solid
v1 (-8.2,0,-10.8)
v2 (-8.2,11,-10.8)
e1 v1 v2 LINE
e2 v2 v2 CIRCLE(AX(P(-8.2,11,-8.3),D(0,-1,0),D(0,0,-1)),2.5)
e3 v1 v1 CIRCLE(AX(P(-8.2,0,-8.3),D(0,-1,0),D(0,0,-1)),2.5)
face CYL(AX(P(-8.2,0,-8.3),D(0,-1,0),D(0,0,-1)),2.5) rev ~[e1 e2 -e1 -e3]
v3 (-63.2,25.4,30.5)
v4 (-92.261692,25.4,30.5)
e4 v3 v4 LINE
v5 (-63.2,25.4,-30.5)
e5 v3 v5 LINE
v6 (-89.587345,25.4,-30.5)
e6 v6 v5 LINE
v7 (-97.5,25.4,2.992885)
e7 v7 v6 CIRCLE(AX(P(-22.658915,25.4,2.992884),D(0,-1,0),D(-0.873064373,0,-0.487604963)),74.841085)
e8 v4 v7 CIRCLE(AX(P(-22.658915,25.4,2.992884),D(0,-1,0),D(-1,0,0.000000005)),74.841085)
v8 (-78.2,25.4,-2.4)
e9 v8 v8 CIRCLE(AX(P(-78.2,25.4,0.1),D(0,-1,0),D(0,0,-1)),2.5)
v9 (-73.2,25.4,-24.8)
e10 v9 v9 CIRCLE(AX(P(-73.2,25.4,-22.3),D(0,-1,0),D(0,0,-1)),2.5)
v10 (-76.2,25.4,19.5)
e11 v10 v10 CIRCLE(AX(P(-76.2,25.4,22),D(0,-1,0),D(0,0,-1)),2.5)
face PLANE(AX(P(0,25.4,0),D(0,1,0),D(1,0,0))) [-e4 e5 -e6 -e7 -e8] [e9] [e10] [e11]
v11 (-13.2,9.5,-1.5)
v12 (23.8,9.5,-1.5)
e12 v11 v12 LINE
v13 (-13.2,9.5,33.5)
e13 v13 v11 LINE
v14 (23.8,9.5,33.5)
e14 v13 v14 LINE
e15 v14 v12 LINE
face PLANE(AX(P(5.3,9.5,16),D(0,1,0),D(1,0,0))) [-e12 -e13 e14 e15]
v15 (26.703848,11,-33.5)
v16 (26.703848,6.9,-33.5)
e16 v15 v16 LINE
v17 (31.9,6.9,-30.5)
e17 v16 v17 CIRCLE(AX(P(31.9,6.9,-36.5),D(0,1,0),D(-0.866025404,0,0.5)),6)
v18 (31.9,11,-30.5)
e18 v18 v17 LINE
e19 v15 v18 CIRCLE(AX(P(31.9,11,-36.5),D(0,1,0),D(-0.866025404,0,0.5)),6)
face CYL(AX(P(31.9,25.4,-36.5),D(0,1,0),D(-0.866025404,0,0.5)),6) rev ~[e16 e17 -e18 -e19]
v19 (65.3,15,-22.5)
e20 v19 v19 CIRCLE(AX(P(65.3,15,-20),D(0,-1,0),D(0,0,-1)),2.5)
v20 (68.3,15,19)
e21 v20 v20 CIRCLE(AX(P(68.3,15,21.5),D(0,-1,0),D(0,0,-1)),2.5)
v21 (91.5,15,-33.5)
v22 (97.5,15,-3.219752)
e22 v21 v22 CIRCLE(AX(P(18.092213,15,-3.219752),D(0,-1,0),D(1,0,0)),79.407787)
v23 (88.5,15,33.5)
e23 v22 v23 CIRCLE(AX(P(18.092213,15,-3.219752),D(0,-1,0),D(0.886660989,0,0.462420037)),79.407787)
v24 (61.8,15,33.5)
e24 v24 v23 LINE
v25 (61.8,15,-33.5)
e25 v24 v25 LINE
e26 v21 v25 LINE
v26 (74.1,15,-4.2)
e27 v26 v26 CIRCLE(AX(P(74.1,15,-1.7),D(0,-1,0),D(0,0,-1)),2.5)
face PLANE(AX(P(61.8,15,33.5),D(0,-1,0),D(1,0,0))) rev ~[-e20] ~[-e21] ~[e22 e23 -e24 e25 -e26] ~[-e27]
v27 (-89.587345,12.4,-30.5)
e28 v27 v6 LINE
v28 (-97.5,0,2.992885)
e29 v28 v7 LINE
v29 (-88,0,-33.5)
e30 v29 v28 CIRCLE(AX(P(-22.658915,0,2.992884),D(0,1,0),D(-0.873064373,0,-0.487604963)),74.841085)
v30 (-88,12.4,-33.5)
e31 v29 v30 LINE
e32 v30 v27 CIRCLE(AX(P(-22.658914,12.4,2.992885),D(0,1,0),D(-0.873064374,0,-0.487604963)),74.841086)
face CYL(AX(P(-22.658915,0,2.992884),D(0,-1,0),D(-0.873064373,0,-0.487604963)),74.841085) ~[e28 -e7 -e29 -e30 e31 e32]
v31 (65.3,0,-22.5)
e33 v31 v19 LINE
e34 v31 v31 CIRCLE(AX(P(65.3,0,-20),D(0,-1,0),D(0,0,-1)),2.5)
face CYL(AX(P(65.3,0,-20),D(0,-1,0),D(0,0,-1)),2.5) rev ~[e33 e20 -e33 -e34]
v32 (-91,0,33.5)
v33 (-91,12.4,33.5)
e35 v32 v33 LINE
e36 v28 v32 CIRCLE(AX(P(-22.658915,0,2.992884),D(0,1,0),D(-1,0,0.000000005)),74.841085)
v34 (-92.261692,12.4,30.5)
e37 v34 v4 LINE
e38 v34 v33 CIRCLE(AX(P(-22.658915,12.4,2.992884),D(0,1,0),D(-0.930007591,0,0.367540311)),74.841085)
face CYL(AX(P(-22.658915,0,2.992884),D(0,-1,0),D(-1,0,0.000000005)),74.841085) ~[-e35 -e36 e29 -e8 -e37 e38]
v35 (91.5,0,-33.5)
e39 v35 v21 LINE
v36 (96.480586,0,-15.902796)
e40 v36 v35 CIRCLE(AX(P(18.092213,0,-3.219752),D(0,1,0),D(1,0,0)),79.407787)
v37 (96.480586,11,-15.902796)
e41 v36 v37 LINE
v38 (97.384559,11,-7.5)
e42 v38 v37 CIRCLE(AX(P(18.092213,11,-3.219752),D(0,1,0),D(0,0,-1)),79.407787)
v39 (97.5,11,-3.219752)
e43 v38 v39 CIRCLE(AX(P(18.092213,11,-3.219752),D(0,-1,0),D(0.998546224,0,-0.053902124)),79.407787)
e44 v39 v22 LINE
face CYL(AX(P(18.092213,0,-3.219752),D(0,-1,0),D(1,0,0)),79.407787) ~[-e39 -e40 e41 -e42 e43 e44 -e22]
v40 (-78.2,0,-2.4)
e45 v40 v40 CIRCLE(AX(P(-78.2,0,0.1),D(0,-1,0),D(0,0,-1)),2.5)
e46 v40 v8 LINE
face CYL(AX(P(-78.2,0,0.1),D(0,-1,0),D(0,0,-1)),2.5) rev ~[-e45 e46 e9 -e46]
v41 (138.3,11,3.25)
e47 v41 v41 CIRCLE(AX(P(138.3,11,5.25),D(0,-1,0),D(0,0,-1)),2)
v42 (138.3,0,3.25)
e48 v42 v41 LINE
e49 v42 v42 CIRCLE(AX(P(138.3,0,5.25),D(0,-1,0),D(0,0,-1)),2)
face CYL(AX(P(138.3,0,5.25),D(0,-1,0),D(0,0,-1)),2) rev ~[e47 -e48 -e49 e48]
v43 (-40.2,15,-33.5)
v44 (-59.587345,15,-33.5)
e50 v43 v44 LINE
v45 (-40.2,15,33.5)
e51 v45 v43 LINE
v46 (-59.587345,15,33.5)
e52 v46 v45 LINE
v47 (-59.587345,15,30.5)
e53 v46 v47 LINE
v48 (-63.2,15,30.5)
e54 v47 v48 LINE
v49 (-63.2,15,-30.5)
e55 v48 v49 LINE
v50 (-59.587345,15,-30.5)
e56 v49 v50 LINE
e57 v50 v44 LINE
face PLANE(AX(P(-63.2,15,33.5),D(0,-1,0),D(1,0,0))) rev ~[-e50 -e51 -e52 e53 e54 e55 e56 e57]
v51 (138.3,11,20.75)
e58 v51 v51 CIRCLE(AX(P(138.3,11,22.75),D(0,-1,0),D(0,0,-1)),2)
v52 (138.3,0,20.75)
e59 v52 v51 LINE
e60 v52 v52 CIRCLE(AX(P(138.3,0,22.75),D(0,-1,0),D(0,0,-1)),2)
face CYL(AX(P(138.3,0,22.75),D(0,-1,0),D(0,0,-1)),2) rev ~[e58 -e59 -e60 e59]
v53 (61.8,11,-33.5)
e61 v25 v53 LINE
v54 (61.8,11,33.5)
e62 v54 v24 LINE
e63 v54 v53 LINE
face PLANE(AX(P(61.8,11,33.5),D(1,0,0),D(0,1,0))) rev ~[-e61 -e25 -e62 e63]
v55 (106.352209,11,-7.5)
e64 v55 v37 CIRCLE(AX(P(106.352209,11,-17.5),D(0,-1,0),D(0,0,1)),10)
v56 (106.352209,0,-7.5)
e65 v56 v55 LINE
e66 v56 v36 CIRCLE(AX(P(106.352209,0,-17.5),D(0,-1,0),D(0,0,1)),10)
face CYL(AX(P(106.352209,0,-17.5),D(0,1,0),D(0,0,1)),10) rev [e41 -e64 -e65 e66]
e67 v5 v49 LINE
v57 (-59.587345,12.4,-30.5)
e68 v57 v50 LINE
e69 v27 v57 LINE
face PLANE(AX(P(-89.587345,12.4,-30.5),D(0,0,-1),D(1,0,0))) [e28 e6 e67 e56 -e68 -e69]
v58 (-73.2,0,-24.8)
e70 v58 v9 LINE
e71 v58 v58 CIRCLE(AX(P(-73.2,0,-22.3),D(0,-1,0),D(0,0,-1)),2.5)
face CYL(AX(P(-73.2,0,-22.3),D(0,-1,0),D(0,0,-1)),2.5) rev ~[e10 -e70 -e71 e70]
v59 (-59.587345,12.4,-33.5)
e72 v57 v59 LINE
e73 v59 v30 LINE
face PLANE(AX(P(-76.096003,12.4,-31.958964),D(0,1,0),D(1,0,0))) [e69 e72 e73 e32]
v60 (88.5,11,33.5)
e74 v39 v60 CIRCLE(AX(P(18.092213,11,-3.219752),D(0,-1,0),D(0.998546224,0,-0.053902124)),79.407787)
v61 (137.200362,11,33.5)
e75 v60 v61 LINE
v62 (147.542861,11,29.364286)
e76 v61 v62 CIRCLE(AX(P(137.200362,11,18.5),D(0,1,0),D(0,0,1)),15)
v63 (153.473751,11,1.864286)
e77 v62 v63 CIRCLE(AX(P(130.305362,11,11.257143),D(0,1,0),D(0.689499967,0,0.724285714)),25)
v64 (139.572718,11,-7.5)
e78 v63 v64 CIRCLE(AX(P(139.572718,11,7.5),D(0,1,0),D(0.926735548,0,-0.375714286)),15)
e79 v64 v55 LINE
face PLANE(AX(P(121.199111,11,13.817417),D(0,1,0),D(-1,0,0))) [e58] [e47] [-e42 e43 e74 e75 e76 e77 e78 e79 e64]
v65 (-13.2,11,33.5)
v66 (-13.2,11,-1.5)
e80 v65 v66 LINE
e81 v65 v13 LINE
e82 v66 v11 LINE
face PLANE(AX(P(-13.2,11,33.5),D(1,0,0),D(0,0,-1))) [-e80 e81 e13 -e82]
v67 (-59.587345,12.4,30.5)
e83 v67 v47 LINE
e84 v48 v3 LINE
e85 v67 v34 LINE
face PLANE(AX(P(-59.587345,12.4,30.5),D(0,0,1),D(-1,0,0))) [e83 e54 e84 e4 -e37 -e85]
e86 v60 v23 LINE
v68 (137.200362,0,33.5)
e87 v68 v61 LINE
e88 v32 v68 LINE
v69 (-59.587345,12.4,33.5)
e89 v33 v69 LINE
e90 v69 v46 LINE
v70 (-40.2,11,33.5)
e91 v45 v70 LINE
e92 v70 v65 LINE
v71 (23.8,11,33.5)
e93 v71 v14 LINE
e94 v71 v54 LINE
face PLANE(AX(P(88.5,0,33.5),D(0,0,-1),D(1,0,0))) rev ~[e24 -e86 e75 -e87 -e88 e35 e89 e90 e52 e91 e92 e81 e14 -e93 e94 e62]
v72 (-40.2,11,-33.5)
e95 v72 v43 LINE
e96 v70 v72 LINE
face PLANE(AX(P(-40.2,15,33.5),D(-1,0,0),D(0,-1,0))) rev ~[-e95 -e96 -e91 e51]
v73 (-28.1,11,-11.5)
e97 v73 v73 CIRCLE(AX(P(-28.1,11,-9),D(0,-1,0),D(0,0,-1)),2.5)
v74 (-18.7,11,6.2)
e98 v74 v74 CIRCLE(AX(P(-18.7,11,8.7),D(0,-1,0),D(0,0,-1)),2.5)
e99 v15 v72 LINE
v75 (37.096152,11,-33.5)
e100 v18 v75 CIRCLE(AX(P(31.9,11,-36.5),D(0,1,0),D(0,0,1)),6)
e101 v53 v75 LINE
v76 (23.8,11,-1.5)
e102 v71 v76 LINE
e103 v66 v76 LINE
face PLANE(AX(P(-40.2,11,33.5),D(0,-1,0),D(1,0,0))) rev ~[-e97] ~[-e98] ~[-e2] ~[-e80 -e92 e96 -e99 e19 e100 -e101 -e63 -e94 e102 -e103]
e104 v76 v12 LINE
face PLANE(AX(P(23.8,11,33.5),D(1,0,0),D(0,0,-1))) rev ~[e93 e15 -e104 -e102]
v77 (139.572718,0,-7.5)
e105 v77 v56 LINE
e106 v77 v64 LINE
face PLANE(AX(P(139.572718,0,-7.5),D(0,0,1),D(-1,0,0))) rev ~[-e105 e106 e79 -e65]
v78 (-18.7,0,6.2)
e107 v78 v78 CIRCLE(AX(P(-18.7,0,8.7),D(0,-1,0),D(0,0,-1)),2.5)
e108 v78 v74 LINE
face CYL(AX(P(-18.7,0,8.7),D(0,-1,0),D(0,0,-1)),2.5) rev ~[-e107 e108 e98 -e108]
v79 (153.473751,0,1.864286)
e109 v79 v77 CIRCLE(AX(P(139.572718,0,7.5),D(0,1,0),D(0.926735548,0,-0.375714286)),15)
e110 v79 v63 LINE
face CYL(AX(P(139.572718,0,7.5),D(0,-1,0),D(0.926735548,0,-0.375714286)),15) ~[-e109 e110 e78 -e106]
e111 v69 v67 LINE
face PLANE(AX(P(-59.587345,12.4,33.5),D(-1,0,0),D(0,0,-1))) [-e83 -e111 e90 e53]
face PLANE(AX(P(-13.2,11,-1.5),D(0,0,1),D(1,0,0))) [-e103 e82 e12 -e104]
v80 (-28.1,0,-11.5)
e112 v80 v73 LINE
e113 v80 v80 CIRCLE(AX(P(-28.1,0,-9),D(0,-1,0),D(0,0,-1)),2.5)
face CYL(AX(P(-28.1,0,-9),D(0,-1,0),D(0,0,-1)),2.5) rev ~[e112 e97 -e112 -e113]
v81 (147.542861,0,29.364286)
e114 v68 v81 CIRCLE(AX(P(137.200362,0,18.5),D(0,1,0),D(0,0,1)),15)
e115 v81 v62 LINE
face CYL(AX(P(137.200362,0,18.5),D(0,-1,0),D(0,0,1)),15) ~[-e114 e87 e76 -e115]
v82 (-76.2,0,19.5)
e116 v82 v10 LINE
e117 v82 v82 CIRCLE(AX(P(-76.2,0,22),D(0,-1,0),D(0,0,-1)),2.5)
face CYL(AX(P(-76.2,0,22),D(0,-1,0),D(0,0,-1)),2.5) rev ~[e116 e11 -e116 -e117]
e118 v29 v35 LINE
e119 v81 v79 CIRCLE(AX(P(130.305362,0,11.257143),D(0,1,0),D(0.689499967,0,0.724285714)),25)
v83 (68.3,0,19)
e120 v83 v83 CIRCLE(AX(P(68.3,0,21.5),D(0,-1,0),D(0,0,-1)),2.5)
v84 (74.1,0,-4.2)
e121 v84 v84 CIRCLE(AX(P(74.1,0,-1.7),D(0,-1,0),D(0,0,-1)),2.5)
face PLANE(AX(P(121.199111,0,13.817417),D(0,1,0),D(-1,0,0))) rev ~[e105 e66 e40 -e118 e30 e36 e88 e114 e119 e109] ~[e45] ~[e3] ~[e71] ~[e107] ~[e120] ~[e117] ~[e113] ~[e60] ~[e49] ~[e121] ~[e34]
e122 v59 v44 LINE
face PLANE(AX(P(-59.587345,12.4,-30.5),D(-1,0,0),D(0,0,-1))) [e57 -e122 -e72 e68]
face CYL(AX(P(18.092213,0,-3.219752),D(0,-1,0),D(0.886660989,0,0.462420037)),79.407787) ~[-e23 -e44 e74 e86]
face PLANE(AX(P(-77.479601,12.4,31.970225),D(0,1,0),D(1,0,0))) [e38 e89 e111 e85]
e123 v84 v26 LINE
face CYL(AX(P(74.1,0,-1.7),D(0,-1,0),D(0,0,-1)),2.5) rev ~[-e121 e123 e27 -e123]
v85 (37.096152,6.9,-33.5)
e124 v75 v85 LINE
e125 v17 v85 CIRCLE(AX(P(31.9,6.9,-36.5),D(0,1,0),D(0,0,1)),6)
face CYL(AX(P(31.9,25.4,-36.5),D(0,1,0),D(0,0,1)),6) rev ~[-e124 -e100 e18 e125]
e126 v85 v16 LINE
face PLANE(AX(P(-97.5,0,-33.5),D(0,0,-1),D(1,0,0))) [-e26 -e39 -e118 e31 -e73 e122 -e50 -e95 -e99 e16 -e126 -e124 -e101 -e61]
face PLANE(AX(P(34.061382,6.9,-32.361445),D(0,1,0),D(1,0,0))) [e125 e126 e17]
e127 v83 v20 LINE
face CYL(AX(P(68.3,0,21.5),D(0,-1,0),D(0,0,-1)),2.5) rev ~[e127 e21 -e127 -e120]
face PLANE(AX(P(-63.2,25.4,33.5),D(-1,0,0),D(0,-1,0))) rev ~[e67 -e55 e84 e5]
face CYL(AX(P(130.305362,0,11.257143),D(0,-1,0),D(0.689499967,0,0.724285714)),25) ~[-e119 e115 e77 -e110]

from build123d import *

# Parameters (mm, degrees)
SKETCH1_W           = 195
SKETCH1_H           = 67
BOSS_EXTRUDE1_DEPTH = 25.4
CUT_EXTRUDE1_DEPTH  = 107.177492907
CUT_EXTRUDE2_DEPTH  = 121.997561959
CUT_EXTRUDE3_START  = -13
SKETCH4_W           = 3.612655346
SKETCH4_H           = 3
CUT_EXTRUDE3_DEPTH  = 13
SKETCH6_R           = 2.5
CUT_EXTRUDE4_DEPTH  = 107.177492907
SKETCH7_W           = 37
SKETCH7_H           = 35
CUT_EXTRUDE5_DEPTH  = 1.5
CUT_EXTRUDE6_DEPTH  = 18.5
SKETCH9_R           = 2
BOSS_EXTRUDE2_DEPTH = 11
FILLET1_R           = 10


with BuildPart() as part:
    # Sketch1 → Boss-Extrude1 (new body)
    with BuildSketch(Plane(origin=(0, 0, 0), x_dir=(1, 0, 0), z_dir=(0, 1, 0))):
        Rectangle(SKETCH1_W, SKETCH1_H)
    extrude(amount=BOSS_EXTRUDE1_DEPTH)

    # Sketch2 → Cut-Extrude1 (cut, through all)
    with BuildSketch(Plane.XZ):
        with BuildLine():
            Line((97.5, -3.219751644), (97.5, 33.5))
            Line((97.5, 33.5), (88.5, 33.5))
            ThreePointArc((88.5, 33.5), (95.217186872, 15.683556008), (97.5, -3.219751644))
        make_face()
        with BuildLine():
            Line((97.5, -33.5), (97.5, -3.219751644))
            ThreePointArc((97.5, -3.219751644), (95.985558513, -18.65423771), (91.5, -33.5))
            Line((91.5, -33.5), (97.5, -33.5))
        make_face()
        with BuildLine():
            ThreePointArc((-88, -33.5), (-95.08607052, -15.861694529), (-97.5, 2.992884749))
            Line((-97.5, 2.992884749), (-97.5, -33.5))
            Line((-97.5, -33.5), (-88, -33.5))
        make_face()
        with BuildLine():
            ThreePointArc((-97.5, 2.992884749), (-95.856964648, 18.588830376), (-91, 33.5))
            Line((-91, 33.5), (-97.5, 33.5))
            Line((-97.5, 33.5), (-97.5, 2.992884749))
        make_face()
    extrude(amount=-CUT_EXTRUDE1_DEPTH, mode=Mode.SUBTRACT)

    # Sketch3 → Cut-Extrude2 (cut, through all)
    with BuildSketch(Plane(origin=(0, 0, 33.5), x_dir=(-1, 0, 0), z_dir=(0, 0, -1))):
        Polygon((63.2, 25.4), (63.2, 15), (40.2, 15), (40.2, 11), (-61.8, 11), (-61.8, 15), (-97.5, 15), (-97.5, 25.4), align=None)
    extrude(amount=CUT_EXTRUDE2_DEPTH, mode=Mode.SUBTRACT)

    # Sketch4 → Cut-Extrude3 (cut)
    with BuildSketch(Plane(origin=(0, 25.4, 0), x_dir=(1, 0, 0), z_dir=(0, 1, 0)).offset(CUT_EXTRUDE3_START)):
        with BuildLine():
            Line((-63.2, 30.5), (-63.2, 33.5))
            Line((-63.2, 33.5), (-88, 33.5))
            ThreePointArc((-88, 33.5), (-88.810680862, 32.008999469), (-89.587344654, 30.5))
            Line((-89.587344654, 30.5), (-63.2, 30.5))
        make_face()
        with Locations((-61.393672327, 32)):
            Rectangle(SKETCH4_W, SKETCH4_H)
        with BuildLine():
            Line((-63.2, -33.5), (-63.2, -30.5))
            Line((-63.2, -30.5), (-92.261692194, -30.5))
            ThreePointArc((-92.261692194, -30.5), (-91.647155152, -32.006859002), (-91, -33.5))
            Line((-91, -33.5), (-63.2, -33.5))
        make_face()
        with Locations((-61.393672327, -32)):
            Rectangle(SKETCH4_W, SKETCH4_H)
    extrude(amount=CUT_EXTRUDE3_DEPTH, mode=Mode.SUBTRACT)

    # Sketch6 → Cut-Extrude4 (cut, through all)
    with BuildSketch(Plane.XZ):
        with Locations(Location((-28.1, -9, 0), (0, 0, 270))):
            Circle(SKETCH6_R)
        with Locations(Location((-8.2, -8.3, 0), (0, 0, 270))):
            Circle(SKETCH6_R)
        with Locations(Location((-18.7, 8.7, 0), (0, 0, 270))):
            Circle(SKETCH6_R)
        with Locations(Location((-76.2, 22, 0), (0, 0, 270))):
            Circle(SKETCH6_R)
        with Locations(Location((-78.2, 0.1, 0), (0, 0, 270))):
            Circle(SKETCH6_R)
        with Locations(Location((-73.2, -22.3, 0), (0, 0, 270))):
            Circle(SKETCH6_R)
        with Locations(Location((65.3, -20, 0), (0, 0, 270))):
            Circle(SKETCH6_R)
        with Locations(Location((74.1, -1.7, 0), (0, 0, 270))):
            Circle(SKETCH6_R)
        with Locations(Location((68.3, 21.5, 0), (0, 0, 270))):
            Circle(SKETCH6_R)
    extrude(amount=-CUT_EXTRUDE4_DEPTH, mode=Mode.SUBTRACT)

    # Sketch7 → Cut-Extrude5 (cut)
    with BuildSketch(Plane(origin=(0, 11, 0), x_dir=(1, 0, 0), z_dir=(0, 1, 0))):
        with Locations((5.3, -16)):
            Rectangle(SKETCH7_W, SKETCH7_H)
    extrude(amount=-CUT_EXTRUDE5_DEPTH, mode=Mode.SUBTRACT)

    # Sketch8 → Cut-Extrude6 (cut)
    with BuildSketch(Plane(origin=(0, 25.4, 0), x_dir=(1, 0, 0), z_dir=(0, 1, 0))):
        with BuildLine():
            Line((37.096152423, 33.5), (31.9, 33.5))
            Line((31.9, 33.5), (31.9, 30.5))
            ThreePointArc((31.9, 30.5), (34.9, 31.303847577), (37.096152423, 33.5))
        make_face()
        with BuildLine():
            Line((31.9, 33.5), (26.703847577, 33.5))
            ThreePointArc((26.703847577, 33.5), (28.9, 31.303847577), (31.9, 30.5))
            Line((31.9, 30.5), (31.9, 33.5))
        make_face()
    extrude(amount=-CUT_EXTRUDE6_DEPTH, mode=Mode.SUBTRACT)

    # Sketch9 → Boss-Extrude2 (add)
    with BuildSketch(Plane.XZ):
        with BuildLine():
            Line((88.5, 33.5), (137.200361796, 33.5))
            ThreePointArc((137.200361796, 33.5), (142.769729546, 32.427747228), (147.542861296, 29.364285714))
            ThreePointArc((147.542861296, 29.364285714), (154.743476693, 16.527679502), (153.473750823, 1.864285714))
            ThreePointArc((153.473750823, 1.864285714), (147.953179578, -4.940573023), (139.572717606, -7.5))
            Line((139.572717606, -7.5), (97.384558849, -7.5))
            ThreePointArc((97.384558849, -7.5), (95.698800641, 13.597328658), (88.5, 33.5))
        make_face()
        with Locations(Location((138.3, 5.25, 0), (0, 0, 270))):
            Circle(SKETCH9_R, mode=Mode.SUBTRACT)
        with Locations(Location((138.3, 22.75, 0), (0, 0, 270))):
            Circle(SKETCH9_R, mode=Mode.SUBTRACT)
    extrude(amount=-BOSS_EXTRUDE2_DEPTH)

    # Fillet1
    fillet1_edges = [part.edges().sort_by_distance(p)[0] for p in [
        (97.384558849, 5.5, -7.5),
    ]]
    fillet(fillet1_edges, radius=FILLET1_R)


solid = part.part
